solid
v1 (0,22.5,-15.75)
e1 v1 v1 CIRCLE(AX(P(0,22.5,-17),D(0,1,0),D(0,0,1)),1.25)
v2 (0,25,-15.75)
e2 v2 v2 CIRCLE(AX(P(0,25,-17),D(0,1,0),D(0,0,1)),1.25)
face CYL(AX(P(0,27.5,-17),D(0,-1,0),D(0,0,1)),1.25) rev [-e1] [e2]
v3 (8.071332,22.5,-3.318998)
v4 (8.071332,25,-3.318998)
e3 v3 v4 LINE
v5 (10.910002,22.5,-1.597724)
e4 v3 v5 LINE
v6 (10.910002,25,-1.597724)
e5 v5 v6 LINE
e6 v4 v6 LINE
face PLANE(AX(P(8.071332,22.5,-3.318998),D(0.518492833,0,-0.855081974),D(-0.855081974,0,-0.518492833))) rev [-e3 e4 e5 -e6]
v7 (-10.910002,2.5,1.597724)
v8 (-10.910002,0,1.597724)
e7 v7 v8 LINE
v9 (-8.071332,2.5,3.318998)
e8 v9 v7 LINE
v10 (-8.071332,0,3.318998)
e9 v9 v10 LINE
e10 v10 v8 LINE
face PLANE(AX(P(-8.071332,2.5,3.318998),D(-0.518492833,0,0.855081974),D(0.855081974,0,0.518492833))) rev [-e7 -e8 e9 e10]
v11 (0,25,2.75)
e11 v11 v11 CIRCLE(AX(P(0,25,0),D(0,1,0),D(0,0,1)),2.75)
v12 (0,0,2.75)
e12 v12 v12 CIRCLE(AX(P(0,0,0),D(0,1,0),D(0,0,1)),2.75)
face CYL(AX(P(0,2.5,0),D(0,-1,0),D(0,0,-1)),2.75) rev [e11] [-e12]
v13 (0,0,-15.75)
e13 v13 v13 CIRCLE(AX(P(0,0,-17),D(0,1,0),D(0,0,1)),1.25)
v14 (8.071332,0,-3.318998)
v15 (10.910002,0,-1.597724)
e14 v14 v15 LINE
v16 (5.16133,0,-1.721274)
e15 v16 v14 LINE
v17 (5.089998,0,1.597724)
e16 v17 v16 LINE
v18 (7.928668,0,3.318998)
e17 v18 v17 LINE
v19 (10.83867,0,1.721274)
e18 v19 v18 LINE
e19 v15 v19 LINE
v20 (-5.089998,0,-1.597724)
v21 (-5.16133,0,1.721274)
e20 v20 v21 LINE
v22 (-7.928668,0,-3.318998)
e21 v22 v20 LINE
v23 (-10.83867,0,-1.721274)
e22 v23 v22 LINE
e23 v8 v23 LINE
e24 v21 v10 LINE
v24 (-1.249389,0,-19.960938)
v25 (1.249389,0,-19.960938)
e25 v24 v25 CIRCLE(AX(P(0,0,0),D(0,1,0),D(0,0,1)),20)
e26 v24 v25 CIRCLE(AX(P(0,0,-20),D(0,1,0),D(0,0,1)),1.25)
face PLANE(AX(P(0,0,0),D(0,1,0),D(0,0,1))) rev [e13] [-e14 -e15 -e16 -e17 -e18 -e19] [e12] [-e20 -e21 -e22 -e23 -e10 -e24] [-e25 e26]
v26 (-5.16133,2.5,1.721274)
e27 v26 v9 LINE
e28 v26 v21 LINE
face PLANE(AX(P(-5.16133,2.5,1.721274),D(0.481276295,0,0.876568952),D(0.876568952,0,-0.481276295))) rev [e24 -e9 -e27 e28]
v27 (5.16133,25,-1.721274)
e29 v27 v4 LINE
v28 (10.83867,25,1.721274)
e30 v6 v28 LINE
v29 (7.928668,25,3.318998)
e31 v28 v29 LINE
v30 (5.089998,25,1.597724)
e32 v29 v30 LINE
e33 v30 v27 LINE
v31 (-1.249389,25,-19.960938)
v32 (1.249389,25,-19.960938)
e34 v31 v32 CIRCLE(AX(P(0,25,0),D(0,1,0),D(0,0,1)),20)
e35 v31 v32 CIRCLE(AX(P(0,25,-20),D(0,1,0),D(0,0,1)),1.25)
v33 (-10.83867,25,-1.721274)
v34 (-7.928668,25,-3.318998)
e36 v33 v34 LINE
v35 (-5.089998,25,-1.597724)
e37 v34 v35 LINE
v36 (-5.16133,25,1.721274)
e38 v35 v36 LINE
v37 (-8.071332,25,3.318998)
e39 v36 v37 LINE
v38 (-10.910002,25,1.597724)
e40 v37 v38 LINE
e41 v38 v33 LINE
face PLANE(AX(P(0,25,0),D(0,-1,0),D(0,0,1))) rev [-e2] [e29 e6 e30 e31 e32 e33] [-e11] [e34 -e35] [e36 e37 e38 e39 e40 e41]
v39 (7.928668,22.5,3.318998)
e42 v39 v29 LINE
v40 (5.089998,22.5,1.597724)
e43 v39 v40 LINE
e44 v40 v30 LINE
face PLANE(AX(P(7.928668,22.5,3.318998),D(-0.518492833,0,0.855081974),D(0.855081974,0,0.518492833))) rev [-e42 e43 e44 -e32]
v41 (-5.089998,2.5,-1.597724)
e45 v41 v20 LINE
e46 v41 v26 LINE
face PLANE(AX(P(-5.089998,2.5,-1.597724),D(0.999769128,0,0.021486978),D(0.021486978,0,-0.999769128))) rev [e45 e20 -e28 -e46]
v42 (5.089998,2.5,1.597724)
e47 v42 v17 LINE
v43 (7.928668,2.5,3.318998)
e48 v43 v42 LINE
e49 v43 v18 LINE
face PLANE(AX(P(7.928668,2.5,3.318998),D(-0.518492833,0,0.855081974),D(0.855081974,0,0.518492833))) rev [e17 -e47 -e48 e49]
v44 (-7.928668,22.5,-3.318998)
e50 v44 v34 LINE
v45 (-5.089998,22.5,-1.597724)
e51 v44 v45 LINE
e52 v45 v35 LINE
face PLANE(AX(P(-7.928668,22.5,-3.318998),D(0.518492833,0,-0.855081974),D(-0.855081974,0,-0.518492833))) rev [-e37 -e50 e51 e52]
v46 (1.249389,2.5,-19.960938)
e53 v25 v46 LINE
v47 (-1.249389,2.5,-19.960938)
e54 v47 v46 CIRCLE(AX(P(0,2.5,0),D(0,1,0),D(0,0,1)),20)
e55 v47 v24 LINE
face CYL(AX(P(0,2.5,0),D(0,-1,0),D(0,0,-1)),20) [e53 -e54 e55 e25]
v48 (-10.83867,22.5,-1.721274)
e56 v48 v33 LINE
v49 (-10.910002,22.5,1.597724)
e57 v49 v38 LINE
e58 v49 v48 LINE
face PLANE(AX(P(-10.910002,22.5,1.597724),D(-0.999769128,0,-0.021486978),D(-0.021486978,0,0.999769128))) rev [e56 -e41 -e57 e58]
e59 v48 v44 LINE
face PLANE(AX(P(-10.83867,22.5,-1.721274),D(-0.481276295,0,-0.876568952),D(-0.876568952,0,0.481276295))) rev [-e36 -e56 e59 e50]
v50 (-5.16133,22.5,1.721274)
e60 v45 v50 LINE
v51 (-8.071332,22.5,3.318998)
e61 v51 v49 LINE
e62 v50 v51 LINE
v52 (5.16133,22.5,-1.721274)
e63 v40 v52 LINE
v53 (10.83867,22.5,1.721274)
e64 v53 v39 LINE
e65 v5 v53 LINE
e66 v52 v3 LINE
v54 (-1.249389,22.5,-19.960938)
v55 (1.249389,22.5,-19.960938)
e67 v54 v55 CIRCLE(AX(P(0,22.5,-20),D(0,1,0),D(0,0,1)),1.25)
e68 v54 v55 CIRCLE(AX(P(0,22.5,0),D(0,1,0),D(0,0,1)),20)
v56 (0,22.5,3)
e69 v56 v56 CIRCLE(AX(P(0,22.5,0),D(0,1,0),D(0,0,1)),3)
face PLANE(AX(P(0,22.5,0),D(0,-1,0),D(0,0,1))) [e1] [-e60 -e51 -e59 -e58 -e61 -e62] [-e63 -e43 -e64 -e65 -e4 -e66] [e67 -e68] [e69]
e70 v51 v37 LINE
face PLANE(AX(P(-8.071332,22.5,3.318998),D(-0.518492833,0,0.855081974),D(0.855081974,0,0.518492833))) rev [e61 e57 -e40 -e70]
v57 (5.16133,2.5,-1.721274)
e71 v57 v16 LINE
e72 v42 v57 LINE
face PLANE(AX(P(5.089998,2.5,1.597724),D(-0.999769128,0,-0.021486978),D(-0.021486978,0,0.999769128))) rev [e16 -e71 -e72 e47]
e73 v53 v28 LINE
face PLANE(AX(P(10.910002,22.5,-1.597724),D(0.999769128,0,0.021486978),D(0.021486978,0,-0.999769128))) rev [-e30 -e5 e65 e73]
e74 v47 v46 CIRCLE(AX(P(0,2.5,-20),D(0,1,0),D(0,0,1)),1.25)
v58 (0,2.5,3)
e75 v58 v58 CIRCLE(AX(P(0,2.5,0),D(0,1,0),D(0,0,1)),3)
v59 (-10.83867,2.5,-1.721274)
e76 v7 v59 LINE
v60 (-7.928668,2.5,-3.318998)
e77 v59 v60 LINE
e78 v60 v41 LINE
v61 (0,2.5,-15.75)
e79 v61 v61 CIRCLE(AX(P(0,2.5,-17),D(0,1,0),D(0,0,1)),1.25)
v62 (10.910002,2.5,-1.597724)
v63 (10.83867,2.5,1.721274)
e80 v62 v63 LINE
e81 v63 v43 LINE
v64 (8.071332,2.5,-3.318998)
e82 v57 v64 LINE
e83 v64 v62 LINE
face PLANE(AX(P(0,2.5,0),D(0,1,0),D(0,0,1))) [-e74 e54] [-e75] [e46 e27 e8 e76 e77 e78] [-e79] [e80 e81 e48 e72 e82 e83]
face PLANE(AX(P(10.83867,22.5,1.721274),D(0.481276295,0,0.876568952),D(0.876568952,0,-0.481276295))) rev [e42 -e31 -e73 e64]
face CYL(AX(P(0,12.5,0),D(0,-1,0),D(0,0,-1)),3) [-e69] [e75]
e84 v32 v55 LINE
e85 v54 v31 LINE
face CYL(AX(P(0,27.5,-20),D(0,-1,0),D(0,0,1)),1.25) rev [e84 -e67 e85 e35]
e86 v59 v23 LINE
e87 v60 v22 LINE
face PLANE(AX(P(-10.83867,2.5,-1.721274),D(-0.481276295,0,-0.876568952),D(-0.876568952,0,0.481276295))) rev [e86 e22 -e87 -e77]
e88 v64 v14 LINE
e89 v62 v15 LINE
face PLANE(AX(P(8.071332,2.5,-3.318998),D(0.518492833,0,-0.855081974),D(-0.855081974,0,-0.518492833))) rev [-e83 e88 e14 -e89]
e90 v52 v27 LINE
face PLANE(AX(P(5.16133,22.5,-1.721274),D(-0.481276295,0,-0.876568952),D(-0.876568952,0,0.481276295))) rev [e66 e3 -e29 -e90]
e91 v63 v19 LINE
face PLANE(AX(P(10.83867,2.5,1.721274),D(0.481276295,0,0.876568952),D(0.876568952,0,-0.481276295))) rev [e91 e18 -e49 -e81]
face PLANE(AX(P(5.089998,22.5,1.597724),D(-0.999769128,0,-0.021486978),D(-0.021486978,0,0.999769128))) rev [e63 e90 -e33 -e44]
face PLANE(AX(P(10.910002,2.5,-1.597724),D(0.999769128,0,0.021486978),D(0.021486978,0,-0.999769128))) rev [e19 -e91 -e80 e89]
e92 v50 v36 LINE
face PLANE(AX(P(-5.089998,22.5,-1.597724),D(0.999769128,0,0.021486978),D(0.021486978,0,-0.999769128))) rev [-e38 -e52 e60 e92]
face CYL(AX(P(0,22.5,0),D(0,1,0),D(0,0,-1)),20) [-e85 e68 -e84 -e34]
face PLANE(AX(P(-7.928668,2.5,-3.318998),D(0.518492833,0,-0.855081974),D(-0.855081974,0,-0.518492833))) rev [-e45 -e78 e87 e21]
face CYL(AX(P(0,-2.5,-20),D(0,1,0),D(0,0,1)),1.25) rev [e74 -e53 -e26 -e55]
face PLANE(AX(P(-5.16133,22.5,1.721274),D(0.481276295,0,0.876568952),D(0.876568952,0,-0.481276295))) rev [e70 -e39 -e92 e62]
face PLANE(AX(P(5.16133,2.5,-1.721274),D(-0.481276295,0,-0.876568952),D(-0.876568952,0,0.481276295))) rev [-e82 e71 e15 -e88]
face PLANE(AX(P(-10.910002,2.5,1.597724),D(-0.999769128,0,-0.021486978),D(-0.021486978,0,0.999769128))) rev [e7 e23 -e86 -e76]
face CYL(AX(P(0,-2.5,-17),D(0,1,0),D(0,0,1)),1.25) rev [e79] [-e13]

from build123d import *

# Parameters (mm, degrees)
SKETCH1_R           = 20
SKETCH1_R_2         = 2.75
BOSS_EXTRUDE1_DEPTH = 2.5
CUT_EXTRUDE3_DEPTH  = 2.5
SKETCH4_R           = 1.25
CUT_EXTRUDE4_DEPTH  = 5
SKETCH2_R           = 3
SKETCH2_R_2         = 2.75
BOSS_EXTRUDE2_DEPTH = 10


with BuildPart() as part:
    # Sketch1 → Boss-Extrude1 (new body)
    with BuildSketch(Plane(origin=(0, 0, 0), x_dir=(1, 0, 0), z_dir=(0, 1, 0))):
        Circle(SKETCH1_R)
        Circle(SKETCH1_R_2, mode=Mode.SUBTRACT)
    extrude(amount=BOSS_EXTRUDE1_DEPTH)

    # Sketch3 → Cut-Extrude3 (cut)
    with BuildSketch(Plane.XZ):
        Polygon((-5.161329605, 1.721273866), (-8.071331697, 3.318997608), (-10.910002092, 1.597723742), (-10.838670395, -1.721273866), (-7.928668303, -3.318997608), (-5.089997908, -1.597723742), align=None)
        Polygon((5.161329605, -1.721273866), (8.071331697, -3.318997608), (10.910002092, -1.597723742), (10.838670395, 1.721273866), (7.928668303, 3.318997608), (5.089997908, 1.597723742), align=None)
    extrude(amount=-CUT_EXTRUDE3_DEPTH, mode=Mode.SUBTRACT)

    # Sketch4 → Cut-Extrude4 (cut)
    with BuildSketch(Plane(origin=(0, 2.5, 0), x_dir=(1, 0, 0), z_dir=(0, 1, 0))):
        with Locations((0, 17)):
            Circle(SKETCH4_R)
        with Locations((0, 20)):
            Circle(SKETCH4_R)
    extrude(amount=-CUT_EXTRUDE4_DEPTH, mode=Mode.SUBTRACT)

    # Sketch2 → Boss-Extrude2 (add)
    with BuildSketch(Plane(origin=(0, 2.5, 0), x_dir=(1, 0, 0), z_dir=(0, 1, 0))):
        Circle(SKETCH2_R)
        Circle(SKETCH2_R_2, mode=Mode.SUBTRACT)
    extrude(amount=BOSS_EXTRUDE2_DEPTH)

    # Mirror7: part across plane


with BuildPart() as part_1:
    add(part.part)
    add(part.part.mirror(Plane.ZX.offset(12.5)))


solid = part_1.part
